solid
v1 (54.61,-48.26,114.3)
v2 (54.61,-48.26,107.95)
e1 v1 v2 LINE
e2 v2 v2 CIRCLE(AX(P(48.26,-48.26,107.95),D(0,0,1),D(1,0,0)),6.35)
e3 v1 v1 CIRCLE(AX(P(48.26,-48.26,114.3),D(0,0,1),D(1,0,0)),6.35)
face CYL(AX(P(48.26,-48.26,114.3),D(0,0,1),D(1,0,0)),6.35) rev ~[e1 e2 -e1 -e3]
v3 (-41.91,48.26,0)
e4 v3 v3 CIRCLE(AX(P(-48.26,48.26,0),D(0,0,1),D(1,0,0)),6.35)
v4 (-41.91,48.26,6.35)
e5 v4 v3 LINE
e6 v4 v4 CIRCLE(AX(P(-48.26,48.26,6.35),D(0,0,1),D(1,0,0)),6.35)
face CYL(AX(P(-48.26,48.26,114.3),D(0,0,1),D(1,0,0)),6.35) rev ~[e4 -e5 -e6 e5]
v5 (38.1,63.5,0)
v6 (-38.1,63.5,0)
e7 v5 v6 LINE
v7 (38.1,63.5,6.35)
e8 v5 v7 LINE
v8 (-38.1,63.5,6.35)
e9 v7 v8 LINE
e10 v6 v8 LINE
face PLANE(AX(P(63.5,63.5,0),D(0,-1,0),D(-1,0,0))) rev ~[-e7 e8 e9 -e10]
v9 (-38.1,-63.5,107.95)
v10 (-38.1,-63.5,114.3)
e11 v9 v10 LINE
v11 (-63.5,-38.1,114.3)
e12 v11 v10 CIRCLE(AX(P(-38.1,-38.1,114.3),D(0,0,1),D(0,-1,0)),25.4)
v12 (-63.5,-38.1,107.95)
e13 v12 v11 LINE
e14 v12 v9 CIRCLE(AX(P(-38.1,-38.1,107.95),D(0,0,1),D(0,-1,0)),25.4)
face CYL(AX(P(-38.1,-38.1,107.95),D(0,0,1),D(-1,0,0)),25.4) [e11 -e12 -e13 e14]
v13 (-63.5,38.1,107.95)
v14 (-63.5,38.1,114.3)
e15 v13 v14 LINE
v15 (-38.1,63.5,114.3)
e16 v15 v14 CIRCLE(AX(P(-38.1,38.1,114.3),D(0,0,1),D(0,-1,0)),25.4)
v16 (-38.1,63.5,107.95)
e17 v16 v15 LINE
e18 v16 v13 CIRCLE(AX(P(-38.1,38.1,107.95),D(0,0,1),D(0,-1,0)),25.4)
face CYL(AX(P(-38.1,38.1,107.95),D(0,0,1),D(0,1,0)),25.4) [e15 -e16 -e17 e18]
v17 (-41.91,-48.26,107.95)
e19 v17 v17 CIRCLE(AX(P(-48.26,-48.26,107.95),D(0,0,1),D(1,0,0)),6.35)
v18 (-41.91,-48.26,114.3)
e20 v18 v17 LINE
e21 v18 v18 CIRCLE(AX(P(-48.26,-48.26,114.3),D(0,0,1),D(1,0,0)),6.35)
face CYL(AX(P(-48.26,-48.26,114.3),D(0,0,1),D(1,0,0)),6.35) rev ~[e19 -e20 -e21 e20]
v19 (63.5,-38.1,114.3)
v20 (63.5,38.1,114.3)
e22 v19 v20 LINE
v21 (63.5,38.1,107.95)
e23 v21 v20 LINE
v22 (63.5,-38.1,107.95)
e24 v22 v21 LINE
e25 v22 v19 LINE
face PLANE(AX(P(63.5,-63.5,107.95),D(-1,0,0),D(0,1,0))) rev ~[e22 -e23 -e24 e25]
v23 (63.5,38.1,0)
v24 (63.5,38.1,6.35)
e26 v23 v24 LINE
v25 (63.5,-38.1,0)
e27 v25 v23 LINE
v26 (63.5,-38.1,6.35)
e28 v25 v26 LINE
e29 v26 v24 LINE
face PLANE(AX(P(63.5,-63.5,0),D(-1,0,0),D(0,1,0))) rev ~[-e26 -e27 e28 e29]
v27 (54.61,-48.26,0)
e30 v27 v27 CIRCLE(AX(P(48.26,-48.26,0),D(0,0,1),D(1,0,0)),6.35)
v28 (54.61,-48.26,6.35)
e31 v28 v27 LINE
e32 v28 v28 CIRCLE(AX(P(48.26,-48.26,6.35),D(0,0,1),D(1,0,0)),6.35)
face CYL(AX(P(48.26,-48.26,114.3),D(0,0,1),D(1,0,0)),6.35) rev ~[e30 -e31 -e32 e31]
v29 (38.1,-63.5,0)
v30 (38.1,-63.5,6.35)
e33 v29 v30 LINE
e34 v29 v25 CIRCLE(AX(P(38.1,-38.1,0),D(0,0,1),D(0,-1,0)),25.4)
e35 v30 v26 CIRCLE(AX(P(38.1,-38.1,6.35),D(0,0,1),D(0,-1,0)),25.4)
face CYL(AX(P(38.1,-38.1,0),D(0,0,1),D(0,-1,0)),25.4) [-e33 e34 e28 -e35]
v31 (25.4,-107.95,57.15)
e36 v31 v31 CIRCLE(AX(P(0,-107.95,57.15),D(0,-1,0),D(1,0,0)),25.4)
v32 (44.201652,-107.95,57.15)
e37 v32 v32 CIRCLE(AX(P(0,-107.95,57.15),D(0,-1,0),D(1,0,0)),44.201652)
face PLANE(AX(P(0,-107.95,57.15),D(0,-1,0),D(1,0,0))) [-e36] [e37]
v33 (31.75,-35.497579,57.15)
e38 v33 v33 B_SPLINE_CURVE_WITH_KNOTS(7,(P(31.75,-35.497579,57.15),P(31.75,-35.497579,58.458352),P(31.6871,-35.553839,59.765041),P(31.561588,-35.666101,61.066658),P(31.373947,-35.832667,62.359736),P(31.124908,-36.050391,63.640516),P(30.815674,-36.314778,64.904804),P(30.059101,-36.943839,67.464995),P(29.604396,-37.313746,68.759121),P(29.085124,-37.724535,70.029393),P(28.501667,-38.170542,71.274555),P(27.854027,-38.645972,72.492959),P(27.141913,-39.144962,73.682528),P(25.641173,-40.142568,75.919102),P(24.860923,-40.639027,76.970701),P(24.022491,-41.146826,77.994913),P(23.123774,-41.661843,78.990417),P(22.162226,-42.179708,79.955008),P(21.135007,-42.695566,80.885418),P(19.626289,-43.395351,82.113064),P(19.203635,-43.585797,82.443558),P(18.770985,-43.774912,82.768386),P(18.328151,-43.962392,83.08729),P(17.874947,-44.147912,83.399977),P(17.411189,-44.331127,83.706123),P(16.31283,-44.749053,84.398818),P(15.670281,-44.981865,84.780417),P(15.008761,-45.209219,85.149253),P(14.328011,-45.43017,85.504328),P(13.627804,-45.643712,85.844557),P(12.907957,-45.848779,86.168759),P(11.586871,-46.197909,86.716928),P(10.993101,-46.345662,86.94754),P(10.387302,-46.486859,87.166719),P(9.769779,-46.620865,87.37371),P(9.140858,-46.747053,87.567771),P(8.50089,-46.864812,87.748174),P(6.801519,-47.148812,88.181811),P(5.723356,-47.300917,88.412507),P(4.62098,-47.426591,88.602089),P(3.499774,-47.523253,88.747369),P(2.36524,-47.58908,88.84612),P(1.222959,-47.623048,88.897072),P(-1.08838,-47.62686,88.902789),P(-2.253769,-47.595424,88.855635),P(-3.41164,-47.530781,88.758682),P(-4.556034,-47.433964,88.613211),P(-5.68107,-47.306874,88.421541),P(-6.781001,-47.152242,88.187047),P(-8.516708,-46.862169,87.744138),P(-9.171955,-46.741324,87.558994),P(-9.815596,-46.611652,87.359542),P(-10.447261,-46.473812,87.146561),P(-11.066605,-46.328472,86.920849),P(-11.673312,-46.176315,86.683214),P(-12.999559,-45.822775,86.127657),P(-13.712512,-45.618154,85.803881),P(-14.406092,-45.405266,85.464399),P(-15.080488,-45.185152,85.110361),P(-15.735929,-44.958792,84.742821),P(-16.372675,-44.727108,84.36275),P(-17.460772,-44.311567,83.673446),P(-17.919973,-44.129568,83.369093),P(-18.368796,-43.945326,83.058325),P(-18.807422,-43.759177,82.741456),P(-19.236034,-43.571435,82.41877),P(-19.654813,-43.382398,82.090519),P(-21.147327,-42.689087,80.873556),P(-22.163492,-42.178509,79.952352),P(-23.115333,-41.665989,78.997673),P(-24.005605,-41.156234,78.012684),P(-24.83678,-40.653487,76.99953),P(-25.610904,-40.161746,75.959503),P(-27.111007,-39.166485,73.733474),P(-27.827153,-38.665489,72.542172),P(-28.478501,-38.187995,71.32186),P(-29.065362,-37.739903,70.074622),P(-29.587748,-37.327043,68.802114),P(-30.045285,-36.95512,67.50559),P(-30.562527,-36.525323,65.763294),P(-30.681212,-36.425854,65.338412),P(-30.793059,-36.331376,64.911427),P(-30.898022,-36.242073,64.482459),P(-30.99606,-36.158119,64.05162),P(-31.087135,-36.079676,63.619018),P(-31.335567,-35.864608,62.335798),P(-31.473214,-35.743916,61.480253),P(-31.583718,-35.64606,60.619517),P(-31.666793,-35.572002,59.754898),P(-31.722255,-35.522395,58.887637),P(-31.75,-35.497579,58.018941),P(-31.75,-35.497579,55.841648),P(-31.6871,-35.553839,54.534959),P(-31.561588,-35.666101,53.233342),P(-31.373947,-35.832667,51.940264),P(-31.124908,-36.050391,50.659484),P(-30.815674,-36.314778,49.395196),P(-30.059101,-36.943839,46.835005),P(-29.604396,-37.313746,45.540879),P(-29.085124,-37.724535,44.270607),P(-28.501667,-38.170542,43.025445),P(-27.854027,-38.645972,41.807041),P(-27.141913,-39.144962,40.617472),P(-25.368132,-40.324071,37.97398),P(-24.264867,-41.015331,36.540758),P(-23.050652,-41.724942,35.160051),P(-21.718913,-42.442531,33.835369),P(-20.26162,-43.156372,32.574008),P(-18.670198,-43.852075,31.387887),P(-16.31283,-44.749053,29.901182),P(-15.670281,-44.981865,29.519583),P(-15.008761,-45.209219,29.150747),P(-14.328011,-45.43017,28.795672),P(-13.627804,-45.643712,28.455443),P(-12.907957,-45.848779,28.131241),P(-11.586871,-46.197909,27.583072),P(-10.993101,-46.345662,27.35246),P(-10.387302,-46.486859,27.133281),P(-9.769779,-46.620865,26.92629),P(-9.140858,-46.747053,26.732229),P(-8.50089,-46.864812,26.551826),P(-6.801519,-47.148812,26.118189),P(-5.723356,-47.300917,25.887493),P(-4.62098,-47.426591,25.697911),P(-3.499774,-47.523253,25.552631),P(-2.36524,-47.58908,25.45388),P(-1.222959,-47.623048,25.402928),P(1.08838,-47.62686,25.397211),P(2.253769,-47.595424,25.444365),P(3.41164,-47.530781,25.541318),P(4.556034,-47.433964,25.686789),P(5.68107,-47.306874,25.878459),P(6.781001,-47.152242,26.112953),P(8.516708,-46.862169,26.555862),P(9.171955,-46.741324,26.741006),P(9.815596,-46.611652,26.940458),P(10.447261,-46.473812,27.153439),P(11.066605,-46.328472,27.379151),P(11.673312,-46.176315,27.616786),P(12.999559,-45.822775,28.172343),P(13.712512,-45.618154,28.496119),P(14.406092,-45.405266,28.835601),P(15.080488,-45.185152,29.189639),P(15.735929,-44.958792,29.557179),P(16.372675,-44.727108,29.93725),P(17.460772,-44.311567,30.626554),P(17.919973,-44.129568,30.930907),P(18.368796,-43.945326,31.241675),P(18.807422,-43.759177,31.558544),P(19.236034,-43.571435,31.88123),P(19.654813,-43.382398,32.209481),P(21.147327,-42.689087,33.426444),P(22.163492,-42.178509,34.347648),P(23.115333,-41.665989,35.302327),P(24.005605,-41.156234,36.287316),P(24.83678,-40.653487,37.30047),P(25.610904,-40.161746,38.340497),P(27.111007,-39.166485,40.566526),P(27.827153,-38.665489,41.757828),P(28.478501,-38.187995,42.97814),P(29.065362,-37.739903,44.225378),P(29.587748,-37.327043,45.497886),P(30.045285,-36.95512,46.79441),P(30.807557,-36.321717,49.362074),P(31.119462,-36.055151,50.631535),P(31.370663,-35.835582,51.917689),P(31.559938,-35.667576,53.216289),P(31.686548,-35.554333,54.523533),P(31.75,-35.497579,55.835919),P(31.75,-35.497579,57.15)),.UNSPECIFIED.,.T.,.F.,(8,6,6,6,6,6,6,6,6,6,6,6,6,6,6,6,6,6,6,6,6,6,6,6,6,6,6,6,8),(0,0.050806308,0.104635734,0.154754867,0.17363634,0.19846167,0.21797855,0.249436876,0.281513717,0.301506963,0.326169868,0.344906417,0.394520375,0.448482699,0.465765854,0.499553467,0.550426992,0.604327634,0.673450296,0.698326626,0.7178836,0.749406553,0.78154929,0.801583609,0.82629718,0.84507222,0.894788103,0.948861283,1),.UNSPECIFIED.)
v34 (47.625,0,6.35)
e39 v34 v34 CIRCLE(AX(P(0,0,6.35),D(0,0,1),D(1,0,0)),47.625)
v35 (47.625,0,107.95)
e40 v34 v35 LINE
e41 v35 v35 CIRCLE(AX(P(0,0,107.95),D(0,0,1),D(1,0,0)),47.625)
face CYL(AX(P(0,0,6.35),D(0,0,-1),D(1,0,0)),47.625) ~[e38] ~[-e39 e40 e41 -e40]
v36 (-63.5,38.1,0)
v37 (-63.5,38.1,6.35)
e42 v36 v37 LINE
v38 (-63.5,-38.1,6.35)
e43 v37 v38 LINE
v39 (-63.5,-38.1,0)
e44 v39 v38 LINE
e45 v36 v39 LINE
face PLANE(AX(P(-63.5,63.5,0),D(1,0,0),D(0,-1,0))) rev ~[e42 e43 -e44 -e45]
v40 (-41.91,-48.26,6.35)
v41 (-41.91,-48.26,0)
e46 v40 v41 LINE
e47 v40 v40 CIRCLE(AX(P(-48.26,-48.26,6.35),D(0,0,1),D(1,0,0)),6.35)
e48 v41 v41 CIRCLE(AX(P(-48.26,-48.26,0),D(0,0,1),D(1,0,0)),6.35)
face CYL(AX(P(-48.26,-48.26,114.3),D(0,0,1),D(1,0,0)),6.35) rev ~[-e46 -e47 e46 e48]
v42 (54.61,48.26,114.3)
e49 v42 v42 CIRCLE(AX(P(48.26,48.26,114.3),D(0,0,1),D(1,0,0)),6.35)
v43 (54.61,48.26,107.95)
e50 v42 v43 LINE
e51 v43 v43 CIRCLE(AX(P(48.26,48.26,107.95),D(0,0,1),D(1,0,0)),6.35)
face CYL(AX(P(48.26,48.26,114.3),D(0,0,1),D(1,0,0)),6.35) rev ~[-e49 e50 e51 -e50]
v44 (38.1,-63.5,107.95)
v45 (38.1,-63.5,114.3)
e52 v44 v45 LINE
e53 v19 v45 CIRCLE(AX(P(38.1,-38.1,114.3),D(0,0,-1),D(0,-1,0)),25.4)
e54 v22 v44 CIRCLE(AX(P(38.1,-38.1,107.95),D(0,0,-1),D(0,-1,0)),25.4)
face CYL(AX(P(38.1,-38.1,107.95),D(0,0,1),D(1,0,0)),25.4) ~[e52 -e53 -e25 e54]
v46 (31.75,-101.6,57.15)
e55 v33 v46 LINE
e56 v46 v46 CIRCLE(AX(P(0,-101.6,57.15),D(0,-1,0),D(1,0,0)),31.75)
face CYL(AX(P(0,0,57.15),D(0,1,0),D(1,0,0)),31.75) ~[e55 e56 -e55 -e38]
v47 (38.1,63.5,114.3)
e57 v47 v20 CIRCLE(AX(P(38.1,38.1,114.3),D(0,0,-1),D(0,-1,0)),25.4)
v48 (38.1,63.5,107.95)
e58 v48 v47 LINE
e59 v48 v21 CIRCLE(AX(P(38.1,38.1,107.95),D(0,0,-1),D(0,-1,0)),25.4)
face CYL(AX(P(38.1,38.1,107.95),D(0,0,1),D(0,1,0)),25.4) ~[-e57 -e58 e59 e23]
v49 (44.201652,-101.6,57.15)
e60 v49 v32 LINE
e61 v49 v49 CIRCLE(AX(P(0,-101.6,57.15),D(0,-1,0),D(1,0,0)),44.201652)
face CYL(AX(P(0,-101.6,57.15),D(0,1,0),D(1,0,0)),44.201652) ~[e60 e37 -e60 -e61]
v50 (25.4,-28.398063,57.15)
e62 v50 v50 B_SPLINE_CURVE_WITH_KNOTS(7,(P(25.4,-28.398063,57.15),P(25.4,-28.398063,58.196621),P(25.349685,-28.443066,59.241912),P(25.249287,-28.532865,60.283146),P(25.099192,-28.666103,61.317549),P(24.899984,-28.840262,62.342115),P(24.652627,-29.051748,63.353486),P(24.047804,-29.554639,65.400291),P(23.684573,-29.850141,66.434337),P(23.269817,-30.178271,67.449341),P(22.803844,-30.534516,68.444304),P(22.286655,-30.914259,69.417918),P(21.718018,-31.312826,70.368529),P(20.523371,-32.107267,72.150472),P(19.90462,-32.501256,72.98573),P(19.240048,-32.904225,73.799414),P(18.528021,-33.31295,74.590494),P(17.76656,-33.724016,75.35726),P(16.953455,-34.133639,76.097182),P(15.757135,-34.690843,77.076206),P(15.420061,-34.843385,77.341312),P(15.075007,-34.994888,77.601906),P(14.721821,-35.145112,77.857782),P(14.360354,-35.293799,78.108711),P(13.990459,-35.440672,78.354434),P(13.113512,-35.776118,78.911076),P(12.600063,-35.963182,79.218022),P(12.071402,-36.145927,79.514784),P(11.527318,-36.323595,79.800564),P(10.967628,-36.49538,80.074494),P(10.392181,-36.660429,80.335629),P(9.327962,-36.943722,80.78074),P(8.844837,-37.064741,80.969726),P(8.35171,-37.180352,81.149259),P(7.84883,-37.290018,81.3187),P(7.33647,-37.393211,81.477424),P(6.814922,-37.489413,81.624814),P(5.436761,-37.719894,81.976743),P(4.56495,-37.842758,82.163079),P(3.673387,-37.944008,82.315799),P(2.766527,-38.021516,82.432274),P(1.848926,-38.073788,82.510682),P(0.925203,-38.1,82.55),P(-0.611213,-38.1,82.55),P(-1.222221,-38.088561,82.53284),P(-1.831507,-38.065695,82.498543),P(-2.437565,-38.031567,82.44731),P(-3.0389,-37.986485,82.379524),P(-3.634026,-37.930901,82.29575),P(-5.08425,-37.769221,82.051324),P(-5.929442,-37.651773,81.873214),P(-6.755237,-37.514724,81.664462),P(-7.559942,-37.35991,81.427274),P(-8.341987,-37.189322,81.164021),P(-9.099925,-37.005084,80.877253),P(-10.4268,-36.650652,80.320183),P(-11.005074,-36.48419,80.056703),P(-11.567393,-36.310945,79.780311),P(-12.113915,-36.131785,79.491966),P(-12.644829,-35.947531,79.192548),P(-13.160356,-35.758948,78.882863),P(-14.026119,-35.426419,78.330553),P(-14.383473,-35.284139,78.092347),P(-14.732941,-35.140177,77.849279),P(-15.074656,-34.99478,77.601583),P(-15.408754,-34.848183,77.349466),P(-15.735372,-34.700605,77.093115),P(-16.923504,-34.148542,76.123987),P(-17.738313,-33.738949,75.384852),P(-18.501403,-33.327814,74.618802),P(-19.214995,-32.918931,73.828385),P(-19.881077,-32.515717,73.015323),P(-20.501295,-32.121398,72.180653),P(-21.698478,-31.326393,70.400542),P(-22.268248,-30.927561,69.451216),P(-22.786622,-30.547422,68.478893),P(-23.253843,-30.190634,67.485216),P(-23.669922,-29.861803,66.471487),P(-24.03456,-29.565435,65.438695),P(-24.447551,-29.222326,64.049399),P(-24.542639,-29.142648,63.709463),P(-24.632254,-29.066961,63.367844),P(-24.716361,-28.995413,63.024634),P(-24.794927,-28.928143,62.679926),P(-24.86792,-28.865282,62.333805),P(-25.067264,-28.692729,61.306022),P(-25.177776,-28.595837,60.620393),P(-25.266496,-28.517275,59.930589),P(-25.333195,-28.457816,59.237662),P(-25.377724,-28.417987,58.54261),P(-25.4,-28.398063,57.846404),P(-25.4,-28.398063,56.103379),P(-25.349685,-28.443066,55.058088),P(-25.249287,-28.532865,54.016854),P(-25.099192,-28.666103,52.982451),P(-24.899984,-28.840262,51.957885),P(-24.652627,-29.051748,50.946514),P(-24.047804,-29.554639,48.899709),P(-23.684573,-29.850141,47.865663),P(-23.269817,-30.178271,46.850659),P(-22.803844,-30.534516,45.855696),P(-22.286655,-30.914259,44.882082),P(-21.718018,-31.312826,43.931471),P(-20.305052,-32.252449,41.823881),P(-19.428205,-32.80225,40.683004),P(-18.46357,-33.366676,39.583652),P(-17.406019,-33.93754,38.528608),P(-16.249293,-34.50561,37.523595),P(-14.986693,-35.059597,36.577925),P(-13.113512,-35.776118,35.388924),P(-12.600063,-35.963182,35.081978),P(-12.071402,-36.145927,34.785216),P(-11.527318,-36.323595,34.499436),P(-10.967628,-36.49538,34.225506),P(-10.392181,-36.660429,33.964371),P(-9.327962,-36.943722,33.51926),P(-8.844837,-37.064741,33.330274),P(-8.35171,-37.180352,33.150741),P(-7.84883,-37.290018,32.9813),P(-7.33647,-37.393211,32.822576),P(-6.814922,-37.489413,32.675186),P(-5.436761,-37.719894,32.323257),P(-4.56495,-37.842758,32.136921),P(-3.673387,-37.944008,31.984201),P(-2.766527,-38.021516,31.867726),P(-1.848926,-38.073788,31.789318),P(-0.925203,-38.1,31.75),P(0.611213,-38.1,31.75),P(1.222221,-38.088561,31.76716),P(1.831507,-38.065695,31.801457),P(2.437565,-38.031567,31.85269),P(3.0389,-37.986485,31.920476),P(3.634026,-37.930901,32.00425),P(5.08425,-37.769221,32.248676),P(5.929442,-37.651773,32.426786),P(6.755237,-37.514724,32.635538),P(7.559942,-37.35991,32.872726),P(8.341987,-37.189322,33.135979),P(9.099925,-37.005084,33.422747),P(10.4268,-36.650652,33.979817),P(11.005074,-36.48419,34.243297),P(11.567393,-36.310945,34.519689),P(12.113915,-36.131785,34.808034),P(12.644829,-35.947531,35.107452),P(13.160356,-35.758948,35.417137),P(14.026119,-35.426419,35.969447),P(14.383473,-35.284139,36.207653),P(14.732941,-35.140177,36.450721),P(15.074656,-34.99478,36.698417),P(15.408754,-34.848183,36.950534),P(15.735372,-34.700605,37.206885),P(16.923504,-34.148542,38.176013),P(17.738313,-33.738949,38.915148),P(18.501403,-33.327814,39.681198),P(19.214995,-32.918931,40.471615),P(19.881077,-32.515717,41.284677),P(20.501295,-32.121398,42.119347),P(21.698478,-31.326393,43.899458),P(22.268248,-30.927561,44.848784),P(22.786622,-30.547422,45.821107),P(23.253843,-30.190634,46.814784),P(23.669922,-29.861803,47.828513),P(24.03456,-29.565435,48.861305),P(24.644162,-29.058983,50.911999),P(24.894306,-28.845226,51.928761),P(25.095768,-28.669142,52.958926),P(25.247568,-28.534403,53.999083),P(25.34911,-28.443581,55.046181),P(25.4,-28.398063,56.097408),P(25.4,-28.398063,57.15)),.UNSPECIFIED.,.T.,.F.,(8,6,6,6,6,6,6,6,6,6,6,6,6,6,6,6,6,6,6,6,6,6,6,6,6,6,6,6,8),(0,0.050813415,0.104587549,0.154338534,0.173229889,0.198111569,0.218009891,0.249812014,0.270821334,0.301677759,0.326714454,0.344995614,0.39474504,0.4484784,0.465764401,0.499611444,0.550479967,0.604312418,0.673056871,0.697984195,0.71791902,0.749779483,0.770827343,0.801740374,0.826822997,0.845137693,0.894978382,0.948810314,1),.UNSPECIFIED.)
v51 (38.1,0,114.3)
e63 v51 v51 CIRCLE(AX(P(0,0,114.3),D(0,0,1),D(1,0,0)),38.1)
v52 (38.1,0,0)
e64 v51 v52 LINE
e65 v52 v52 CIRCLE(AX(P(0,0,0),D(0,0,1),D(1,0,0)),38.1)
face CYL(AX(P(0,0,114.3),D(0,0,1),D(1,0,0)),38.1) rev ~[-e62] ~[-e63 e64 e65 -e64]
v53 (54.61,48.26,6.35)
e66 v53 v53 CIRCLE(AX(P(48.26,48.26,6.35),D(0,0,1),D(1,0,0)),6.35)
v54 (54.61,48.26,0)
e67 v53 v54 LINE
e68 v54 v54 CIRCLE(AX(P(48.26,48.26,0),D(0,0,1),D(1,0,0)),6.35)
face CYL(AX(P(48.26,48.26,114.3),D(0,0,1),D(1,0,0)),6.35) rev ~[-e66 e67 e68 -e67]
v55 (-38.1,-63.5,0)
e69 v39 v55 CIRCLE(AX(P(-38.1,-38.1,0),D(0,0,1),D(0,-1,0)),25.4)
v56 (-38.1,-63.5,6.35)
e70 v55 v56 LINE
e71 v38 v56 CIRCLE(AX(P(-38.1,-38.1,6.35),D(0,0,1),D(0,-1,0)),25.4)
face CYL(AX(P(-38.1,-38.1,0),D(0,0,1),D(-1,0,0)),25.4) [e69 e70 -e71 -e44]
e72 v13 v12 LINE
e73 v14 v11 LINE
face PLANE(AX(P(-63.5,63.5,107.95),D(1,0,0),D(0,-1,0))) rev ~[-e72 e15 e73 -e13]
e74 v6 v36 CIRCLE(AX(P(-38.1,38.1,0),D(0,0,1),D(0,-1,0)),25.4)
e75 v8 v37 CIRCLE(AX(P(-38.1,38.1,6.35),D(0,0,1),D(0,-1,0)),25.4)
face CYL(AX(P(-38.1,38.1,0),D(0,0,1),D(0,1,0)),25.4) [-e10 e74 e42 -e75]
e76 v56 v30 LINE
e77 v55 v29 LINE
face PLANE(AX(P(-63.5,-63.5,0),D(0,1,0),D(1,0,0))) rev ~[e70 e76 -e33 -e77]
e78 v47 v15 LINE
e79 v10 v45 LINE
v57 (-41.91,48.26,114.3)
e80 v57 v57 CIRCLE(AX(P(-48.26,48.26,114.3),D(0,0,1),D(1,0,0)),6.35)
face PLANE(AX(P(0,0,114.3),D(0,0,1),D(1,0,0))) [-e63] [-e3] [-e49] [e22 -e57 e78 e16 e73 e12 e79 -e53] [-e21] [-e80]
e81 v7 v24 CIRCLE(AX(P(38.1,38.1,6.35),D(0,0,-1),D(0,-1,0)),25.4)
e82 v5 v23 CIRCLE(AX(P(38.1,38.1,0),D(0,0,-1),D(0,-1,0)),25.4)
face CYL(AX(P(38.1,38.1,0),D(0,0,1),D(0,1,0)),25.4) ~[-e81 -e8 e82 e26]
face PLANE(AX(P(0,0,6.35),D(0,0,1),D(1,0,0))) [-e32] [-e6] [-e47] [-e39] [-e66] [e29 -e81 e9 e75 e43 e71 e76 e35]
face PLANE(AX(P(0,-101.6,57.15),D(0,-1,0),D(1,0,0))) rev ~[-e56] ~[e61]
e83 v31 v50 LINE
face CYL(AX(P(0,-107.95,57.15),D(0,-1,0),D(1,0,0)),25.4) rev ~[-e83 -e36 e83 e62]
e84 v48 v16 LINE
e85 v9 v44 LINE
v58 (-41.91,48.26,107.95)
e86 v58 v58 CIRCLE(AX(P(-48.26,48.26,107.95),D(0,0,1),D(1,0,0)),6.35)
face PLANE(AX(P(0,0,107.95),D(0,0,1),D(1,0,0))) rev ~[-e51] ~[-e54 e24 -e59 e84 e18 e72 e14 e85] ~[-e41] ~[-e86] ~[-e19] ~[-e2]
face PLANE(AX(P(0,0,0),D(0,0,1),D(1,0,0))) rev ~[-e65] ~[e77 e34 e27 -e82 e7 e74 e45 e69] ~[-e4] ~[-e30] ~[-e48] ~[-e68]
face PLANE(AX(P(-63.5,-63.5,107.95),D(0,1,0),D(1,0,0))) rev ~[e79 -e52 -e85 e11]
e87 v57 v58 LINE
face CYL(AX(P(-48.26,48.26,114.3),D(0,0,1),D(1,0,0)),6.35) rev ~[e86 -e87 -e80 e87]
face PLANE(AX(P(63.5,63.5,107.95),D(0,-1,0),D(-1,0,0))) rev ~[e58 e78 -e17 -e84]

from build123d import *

# Parameters (mm, degrees)
F1_DEPTH  = 6.35
F2_R      = 25.4
F3_R      = 47.625
F4_DEPTH  = 101.6
F6_DEPTH  = 6.35
F7_R      = 25.4
F8_R      = 31.75
F9_DEPTH  = 101.6
F10_R     = 44.20165183
F10_R_2   = 31.75
F11_DEPTH = 6.35
F12_R     = 38.1
F13_DEPTH = 114.3
F14_R     = 25.4
F15_DEPTH = 88.9
F16_R     = 6.35
F17_DEPTH = 114.3


with BuildPart() as f1:
    # F0 (on Top) → F1 (new body)
    with BuildSketch(Plane.XY):
        Polygon((63.5, 63.5), (0, 63.5), (-63.5, 63.5), (-63.5, 0), (-63.5, -63.5), (0, -63.5), (63.5, -63.5), (63.5, 0), align=None)
    extrude(amount=F1_DEPTH)

    # F2
    f2_edges = [f1.edges().sort_by_distance(p)[0] for p in [
        (63.5, -63.5, 3.175),
        (63.5, 63.5, 3.175),
        (-63.5, -63.5, 3.175),
        (-63.5, 63.5, 3.175),
    ]]
    fillet(f2_edges, radius=F2_R)

    # F3 (on face) → F4 (join)
    with BuildSketch(Plane.XY.offset(6.35)):
        Circle(F3_R)
    extrude(amount=F4_DEPTH)

    # F5 (on face) → F6 (join)
    with BuildSketch(Plane.XY.offset(107.95)):
        Polygon((63.5, 63.5), (0, 63.5), (-63.5, 63.5), (-63.5, 0), (-63.5, -63.5), (0, -63.5), (63.5, -63.5), (63.5, 0), align=None)
    extrude(amount=F6_DEPTH)

    # F7
    f7_edges = [f1.edges().sort_by_distance(p)[0] for p in [
        (63.5, -63.5, 111.125),
        (-63.5, -63.5, 111.125),
        (63.5, 63.5, 111.125),
        (-63.5, 63.5, 111.125),
    ]]
    fillet(f7_edges, radius=F7_R)

    # F8 (on Front) → F9 (join)
    with BuildSketch(Plane.XZ):
        with Locations((0, 57.15)):
            Circle(F8_R)
    extrude(amount=F9_DEPTH)

    # F10 (on face) → F11 (join)
    with BuildSketch(Plane.XZ.offset(101.6)):
        with Locations((0, 57.15)):
            Circle(F10_R)
        with Locations((0, 57.15)):
            Circle(F10_R_2, mode=Mode.SUBTRACT)
        with Locations((0, 57.15)):
            Circle(F10_R_2)
    extrude(amount=F11_DEPTH)

    # F12 (on face) → F13 (cut)
    with BuildSketch(Plane.XY.offset(114.3)):
        Circle(F12_R)
    extrude(amount=-F13_DEPTH, mode=Mode.SUBTRACT)

    # F14 (on face) → F15 (cut)
    with BuildSketch(Plane.XZ.offset(107.95)):
        with Locations((0, 57.15)):
            Circle(F14_R)
    extrude(amount=-F15_DEPTH, mode=Mode.SUBTRACT)

    # F16 (on face) → F17 (cut)
    with BuildSketch(Plane.XY.offset(114.3)):
        with Locations((-48.26, 48.26)):
            Circle(F16_R)
        with Locations((48.26, 48.26)):
            Circle(F16_R)
        with Locations((48.26, -48.26)):
            Circle(F16_R)
        with Locations((-48.26, -48.26)):
            Circle(F16_R)
    extrude(amount=-F17_DEPTH, mode=Mode.SUBTRACT)


solid = f1.part
